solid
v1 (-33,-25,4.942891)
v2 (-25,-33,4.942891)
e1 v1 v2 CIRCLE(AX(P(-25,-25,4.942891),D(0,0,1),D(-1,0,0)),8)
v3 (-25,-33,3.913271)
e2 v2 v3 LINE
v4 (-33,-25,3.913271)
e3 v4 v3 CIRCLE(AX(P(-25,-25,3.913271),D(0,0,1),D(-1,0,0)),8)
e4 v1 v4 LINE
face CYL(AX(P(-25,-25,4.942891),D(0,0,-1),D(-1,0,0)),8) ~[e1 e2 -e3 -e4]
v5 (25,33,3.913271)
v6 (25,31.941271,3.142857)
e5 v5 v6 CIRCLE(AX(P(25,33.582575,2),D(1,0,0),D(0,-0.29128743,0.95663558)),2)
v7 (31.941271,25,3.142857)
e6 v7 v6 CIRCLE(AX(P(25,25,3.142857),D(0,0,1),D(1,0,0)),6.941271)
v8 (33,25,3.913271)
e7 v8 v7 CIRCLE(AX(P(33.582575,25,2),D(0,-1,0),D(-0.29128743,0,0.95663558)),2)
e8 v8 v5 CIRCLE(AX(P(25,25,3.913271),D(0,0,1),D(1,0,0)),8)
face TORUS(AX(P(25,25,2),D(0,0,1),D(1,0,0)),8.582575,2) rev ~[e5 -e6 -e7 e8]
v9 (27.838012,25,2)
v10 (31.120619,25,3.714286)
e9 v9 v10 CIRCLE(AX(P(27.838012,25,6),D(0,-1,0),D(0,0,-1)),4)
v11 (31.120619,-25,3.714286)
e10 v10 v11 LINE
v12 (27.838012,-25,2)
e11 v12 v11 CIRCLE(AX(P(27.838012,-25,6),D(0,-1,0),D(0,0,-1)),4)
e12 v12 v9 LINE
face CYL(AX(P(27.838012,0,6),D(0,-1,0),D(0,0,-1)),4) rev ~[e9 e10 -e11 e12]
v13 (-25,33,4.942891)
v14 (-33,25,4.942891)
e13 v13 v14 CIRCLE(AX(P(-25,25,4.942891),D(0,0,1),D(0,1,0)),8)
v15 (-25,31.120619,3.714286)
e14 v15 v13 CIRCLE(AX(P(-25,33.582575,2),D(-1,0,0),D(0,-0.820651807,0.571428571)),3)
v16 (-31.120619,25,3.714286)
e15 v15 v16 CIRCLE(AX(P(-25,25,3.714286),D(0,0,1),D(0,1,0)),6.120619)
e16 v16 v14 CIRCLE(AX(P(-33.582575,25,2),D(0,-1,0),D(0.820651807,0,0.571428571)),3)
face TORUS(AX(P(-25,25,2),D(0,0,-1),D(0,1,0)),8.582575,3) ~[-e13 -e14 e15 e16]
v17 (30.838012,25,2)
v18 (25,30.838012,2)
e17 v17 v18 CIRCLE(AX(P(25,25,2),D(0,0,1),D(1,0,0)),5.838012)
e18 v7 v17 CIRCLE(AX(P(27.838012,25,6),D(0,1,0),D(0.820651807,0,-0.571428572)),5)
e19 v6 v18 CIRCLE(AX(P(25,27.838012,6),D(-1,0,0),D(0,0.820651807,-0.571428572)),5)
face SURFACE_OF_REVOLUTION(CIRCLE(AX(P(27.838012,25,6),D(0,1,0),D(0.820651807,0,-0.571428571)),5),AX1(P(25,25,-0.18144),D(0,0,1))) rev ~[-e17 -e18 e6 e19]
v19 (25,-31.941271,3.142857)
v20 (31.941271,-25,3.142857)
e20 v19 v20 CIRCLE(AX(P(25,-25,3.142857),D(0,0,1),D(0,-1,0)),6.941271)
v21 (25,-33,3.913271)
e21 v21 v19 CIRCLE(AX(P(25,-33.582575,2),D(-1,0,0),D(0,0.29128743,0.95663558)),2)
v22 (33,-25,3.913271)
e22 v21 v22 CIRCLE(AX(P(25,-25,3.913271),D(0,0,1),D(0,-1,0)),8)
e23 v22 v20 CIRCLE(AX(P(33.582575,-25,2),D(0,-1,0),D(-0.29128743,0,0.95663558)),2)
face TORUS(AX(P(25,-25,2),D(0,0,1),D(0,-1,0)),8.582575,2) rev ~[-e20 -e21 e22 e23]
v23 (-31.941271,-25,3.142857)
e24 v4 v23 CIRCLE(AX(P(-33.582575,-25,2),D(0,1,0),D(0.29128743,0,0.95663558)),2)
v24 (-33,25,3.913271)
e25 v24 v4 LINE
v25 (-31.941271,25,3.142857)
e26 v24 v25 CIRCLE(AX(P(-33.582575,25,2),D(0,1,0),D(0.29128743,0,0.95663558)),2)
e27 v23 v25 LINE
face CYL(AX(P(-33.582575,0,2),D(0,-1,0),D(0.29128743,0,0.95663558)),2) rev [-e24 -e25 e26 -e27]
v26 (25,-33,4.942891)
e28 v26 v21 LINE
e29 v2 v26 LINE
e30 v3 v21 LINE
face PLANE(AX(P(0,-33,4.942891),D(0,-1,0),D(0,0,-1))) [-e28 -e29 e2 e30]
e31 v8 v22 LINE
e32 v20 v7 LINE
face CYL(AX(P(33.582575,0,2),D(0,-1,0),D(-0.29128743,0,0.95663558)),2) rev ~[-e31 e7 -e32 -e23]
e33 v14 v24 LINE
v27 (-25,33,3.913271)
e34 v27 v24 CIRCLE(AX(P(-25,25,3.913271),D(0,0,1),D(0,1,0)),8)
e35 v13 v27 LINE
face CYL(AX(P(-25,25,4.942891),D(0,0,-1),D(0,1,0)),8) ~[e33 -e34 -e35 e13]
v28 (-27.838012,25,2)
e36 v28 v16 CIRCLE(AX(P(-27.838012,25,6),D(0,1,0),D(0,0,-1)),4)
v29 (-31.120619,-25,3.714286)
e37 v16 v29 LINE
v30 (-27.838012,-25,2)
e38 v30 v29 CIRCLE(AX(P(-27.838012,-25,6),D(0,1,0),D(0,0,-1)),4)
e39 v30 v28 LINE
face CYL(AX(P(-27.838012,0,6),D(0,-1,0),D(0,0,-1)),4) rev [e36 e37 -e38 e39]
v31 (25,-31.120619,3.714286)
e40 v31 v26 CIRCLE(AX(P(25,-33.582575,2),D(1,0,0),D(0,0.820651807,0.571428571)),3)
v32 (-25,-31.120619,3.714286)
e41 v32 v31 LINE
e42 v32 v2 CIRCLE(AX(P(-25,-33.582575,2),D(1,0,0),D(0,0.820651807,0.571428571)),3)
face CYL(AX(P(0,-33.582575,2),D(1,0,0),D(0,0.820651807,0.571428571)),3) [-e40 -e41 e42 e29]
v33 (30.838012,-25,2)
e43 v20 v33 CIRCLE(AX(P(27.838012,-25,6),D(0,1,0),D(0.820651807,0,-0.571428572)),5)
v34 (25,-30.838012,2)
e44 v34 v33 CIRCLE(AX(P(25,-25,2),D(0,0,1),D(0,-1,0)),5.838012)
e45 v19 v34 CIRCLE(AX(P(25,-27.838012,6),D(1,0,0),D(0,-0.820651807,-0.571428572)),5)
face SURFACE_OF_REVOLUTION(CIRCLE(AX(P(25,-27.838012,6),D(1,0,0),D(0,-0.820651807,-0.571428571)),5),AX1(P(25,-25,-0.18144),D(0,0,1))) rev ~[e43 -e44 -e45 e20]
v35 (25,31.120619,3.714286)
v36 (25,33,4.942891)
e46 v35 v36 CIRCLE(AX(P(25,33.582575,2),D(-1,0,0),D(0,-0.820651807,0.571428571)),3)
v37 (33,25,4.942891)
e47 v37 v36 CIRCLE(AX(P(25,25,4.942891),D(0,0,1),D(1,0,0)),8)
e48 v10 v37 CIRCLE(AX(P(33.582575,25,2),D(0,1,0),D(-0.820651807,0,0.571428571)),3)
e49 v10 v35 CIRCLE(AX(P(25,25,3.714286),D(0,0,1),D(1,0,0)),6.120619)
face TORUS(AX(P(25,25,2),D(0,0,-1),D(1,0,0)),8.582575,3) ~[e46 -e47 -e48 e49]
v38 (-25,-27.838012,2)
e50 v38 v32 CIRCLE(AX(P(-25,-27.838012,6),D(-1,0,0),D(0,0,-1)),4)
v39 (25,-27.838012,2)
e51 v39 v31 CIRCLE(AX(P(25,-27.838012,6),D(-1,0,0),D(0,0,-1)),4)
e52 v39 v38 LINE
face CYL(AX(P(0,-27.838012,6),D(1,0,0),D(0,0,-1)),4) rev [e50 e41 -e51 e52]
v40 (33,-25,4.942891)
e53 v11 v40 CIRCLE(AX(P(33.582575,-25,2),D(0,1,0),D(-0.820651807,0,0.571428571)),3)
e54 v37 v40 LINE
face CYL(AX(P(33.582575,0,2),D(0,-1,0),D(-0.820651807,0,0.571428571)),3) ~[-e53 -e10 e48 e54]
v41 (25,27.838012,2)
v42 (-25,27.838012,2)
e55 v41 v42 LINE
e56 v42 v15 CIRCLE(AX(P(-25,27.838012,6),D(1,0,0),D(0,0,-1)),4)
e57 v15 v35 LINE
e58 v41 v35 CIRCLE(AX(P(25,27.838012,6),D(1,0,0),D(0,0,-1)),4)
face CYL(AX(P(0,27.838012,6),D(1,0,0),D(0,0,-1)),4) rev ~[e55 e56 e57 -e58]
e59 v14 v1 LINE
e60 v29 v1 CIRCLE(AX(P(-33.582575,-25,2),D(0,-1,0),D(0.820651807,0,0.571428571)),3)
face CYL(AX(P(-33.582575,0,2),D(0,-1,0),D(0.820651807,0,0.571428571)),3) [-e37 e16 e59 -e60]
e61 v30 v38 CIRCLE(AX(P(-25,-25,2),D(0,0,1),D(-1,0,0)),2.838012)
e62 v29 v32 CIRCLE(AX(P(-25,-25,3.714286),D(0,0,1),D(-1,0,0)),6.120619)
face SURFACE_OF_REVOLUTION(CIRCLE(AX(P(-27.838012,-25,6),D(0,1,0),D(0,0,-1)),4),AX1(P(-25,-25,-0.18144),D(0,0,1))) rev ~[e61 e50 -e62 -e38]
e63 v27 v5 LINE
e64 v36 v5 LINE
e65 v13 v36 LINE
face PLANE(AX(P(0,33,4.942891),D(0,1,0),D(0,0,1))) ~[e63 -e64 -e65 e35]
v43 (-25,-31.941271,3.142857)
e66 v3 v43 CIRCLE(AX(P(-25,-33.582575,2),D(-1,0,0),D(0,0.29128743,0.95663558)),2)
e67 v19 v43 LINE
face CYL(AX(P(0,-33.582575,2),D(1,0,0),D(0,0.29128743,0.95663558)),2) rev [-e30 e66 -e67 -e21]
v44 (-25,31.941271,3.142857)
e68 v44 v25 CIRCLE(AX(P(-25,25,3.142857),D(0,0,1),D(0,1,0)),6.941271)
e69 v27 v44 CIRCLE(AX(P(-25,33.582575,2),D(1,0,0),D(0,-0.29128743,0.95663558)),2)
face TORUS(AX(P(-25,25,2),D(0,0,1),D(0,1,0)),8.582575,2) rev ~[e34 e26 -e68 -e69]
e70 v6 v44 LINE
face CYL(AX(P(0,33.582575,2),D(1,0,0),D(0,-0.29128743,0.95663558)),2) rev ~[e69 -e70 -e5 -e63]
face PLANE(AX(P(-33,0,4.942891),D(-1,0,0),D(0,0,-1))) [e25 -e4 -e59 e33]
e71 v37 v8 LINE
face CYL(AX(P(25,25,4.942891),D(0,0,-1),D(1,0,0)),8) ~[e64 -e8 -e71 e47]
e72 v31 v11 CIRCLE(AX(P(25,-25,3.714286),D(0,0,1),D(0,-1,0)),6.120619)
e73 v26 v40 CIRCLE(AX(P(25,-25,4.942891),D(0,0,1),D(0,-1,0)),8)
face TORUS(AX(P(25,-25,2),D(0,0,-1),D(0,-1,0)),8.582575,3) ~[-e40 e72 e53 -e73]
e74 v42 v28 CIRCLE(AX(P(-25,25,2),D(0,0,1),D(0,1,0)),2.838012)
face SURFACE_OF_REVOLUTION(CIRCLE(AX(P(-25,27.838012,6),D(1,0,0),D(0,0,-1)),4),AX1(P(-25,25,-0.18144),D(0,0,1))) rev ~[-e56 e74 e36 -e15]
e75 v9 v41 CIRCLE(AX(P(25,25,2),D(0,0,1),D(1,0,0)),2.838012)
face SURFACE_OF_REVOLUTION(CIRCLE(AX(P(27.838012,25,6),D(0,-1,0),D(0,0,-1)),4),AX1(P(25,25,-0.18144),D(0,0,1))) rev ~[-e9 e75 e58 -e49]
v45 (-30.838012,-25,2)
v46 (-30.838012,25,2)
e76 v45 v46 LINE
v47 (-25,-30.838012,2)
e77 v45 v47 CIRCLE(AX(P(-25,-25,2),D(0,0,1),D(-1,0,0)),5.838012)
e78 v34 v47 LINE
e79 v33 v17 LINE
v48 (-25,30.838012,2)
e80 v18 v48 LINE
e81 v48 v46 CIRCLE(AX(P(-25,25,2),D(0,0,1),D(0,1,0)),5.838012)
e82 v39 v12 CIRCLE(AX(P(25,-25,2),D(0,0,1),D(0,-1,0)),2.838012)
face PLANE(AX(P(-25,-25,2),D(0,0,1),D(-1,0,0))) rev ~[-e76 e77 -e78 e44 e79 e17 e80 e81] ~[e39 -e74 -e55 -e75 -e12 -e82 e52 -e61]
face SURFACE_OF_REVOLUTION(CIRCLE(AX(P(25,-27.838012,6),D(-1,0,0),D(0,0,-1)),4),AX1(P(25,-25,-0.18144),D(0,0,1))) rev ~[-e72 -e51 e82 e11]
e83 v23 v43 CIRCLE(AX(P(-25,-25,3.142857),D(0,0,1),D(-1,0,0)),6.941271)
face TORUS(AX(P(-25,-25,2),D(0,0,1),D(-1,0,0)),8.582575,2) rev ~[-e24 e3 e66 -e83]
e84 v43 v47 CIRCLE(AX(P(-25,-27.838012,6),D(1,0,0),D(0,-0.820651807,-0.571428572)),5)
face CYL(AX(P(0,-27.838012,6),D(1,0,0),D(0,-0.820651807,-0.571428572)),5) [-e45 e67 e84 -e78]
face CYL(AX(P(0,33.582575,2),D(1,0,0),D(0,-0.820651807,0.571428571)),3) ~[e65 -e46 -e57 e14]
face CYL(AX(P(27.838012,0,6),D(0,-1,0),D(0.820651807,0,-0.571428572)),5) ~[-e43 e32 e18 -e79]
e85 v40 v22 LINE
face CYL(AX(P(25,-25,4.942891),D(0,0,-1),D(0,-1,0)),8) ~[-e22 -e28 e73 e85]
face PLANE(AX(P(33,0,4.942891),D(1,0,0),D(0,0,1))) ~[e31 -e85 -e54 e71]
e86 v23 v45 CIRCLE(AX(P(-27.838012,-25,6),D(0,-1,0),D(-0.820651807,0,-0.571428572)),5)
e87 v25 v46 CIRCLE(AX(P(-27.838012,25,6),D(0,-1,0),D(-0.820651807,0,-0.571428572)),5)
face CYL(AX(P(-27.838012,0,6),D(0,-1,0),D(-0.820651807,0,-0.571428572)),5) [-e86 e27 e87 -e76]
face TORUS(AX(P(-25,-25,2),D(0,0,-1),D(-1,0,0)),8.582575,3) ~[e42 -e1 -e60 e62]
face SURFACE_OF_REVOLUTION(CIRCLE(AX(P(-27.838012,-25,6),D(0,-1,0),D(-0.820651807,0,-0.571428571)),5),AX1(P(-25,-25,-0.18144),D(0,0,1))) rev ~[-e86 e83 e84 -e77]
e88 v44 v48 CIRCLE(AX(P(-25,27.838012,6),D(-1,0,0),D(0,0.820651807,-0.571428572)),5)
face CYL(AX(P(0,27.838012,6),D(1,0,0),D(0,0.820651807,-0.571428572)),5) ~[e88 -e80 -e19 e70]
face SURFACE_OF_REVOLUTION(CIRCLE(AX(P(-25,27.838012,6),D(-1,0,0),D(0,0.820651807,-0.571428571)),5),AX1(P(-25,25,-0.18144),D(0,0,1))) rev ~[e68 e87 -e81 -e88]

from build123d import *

# Parameters (mm, degrees)
F1_DEPTH = 25
F4_COUNT = 4
F6_ANGLE = 90
F8_COUNT = 4


with BuildPart() as f1:
    # F0 (on Front) → F1 (new body, symmetric)
    with BuildSketch(Plane.XZ):
        with BuildLine():
            ThreePointArc((-27.838012214, 2), (-29.6896524135, 2.4543789583), (-31.1206194405, 3.7142857143))
            ThreePointArc((-31.1206194405, 3.7142857143), (-31.9410332681, 4.5110438468), (-33, 4.9428908461))
            Line((-33, 4.9428908461), (-33, 3.9132711601))
            ThreePointArc((-33, 3.9132711601), (-32.40580245, 3.6171600706), (-31.9412712472, 3.1428571429))
            ThreePointArc((-31.9412712472, 3.1428571429), (-31.4353171545, 2.5273357254), (-30.838012214, 2))
            Line((-30.838012214, 2), (-27.838012214, 2))
        make_face()
    extrude(amount=F1_DEPTH, both=True)


with BuildPart() as f2_1:
    # F2: instance of F1
    add(f1.part.mirror(Plane.YZ))


with BuildPart() as f1_1:
    add(f1.part)

    add(f2_1.part)  # F4 merges F2_1
    # F4: F1, F2_1 ×4 about axis
    f4_axis = Axis((0, 0, 8.481499739), (0, 0, 1))
    for i in range(1, F4_COUNT):
        add(f1.part.rotate(f4_axis, i * 360 / F4_COUNT))
        add(f2_1.part.rotate(f4_axis, i * 360 / F4_COUNT))

    # F4_face (on face) → F6 (revolve)
    with BuildSketch(Plane(origin=(25, -31.316775031, 3.2677689392), x_dir=(0, 1, 0), z_dir=(1, 0, 0))):
        with BuildLine():
            Line((0.478762817, -1.2677689392), (3.478762817, -1.2677689392))
            ThreePointArc((3.478762817, -1.2677689392), (1.6271226175, -0.8133899809), (0.1961555904, 0.4465167751))
            ThreePointArc((0.1961555904, 0.4465167751), (-0.6242582371, 1.2432749076), (-1.683224969, 1.6751219069))
            Line((-1.683224969, 1.6751219069), (-1.683224969, 0.6455022209))
            ThreePointArc((-1.683224969, 0.6455022209), (-1.0890274191, 0.3493911314), (-0.6244962162, -0.1249117963))
            ThreePointArc((-0.6244962162, -0.1249117963), (-0.1185421236, -0.7404332138), (0.478762817, -1.2677689392))
        make_face()
    revolve(axis=Axis((25, -25, -0.1814401951), (0, 0, 1)), revolution_arc=F6_ANGLE)

    # F8: F1 ×4 about axis
    f8_axis = Axis((0, 0, 7.3843663558), (0, 0, 1))


with BuildPart() as f1_2:
    add(f1_1.part)
    for i in range(1, F8_COUNT):
        add(f1_1.part.rotate(f8_axis, i * 360 / F8_COUNT))


solid = f1_2.part
